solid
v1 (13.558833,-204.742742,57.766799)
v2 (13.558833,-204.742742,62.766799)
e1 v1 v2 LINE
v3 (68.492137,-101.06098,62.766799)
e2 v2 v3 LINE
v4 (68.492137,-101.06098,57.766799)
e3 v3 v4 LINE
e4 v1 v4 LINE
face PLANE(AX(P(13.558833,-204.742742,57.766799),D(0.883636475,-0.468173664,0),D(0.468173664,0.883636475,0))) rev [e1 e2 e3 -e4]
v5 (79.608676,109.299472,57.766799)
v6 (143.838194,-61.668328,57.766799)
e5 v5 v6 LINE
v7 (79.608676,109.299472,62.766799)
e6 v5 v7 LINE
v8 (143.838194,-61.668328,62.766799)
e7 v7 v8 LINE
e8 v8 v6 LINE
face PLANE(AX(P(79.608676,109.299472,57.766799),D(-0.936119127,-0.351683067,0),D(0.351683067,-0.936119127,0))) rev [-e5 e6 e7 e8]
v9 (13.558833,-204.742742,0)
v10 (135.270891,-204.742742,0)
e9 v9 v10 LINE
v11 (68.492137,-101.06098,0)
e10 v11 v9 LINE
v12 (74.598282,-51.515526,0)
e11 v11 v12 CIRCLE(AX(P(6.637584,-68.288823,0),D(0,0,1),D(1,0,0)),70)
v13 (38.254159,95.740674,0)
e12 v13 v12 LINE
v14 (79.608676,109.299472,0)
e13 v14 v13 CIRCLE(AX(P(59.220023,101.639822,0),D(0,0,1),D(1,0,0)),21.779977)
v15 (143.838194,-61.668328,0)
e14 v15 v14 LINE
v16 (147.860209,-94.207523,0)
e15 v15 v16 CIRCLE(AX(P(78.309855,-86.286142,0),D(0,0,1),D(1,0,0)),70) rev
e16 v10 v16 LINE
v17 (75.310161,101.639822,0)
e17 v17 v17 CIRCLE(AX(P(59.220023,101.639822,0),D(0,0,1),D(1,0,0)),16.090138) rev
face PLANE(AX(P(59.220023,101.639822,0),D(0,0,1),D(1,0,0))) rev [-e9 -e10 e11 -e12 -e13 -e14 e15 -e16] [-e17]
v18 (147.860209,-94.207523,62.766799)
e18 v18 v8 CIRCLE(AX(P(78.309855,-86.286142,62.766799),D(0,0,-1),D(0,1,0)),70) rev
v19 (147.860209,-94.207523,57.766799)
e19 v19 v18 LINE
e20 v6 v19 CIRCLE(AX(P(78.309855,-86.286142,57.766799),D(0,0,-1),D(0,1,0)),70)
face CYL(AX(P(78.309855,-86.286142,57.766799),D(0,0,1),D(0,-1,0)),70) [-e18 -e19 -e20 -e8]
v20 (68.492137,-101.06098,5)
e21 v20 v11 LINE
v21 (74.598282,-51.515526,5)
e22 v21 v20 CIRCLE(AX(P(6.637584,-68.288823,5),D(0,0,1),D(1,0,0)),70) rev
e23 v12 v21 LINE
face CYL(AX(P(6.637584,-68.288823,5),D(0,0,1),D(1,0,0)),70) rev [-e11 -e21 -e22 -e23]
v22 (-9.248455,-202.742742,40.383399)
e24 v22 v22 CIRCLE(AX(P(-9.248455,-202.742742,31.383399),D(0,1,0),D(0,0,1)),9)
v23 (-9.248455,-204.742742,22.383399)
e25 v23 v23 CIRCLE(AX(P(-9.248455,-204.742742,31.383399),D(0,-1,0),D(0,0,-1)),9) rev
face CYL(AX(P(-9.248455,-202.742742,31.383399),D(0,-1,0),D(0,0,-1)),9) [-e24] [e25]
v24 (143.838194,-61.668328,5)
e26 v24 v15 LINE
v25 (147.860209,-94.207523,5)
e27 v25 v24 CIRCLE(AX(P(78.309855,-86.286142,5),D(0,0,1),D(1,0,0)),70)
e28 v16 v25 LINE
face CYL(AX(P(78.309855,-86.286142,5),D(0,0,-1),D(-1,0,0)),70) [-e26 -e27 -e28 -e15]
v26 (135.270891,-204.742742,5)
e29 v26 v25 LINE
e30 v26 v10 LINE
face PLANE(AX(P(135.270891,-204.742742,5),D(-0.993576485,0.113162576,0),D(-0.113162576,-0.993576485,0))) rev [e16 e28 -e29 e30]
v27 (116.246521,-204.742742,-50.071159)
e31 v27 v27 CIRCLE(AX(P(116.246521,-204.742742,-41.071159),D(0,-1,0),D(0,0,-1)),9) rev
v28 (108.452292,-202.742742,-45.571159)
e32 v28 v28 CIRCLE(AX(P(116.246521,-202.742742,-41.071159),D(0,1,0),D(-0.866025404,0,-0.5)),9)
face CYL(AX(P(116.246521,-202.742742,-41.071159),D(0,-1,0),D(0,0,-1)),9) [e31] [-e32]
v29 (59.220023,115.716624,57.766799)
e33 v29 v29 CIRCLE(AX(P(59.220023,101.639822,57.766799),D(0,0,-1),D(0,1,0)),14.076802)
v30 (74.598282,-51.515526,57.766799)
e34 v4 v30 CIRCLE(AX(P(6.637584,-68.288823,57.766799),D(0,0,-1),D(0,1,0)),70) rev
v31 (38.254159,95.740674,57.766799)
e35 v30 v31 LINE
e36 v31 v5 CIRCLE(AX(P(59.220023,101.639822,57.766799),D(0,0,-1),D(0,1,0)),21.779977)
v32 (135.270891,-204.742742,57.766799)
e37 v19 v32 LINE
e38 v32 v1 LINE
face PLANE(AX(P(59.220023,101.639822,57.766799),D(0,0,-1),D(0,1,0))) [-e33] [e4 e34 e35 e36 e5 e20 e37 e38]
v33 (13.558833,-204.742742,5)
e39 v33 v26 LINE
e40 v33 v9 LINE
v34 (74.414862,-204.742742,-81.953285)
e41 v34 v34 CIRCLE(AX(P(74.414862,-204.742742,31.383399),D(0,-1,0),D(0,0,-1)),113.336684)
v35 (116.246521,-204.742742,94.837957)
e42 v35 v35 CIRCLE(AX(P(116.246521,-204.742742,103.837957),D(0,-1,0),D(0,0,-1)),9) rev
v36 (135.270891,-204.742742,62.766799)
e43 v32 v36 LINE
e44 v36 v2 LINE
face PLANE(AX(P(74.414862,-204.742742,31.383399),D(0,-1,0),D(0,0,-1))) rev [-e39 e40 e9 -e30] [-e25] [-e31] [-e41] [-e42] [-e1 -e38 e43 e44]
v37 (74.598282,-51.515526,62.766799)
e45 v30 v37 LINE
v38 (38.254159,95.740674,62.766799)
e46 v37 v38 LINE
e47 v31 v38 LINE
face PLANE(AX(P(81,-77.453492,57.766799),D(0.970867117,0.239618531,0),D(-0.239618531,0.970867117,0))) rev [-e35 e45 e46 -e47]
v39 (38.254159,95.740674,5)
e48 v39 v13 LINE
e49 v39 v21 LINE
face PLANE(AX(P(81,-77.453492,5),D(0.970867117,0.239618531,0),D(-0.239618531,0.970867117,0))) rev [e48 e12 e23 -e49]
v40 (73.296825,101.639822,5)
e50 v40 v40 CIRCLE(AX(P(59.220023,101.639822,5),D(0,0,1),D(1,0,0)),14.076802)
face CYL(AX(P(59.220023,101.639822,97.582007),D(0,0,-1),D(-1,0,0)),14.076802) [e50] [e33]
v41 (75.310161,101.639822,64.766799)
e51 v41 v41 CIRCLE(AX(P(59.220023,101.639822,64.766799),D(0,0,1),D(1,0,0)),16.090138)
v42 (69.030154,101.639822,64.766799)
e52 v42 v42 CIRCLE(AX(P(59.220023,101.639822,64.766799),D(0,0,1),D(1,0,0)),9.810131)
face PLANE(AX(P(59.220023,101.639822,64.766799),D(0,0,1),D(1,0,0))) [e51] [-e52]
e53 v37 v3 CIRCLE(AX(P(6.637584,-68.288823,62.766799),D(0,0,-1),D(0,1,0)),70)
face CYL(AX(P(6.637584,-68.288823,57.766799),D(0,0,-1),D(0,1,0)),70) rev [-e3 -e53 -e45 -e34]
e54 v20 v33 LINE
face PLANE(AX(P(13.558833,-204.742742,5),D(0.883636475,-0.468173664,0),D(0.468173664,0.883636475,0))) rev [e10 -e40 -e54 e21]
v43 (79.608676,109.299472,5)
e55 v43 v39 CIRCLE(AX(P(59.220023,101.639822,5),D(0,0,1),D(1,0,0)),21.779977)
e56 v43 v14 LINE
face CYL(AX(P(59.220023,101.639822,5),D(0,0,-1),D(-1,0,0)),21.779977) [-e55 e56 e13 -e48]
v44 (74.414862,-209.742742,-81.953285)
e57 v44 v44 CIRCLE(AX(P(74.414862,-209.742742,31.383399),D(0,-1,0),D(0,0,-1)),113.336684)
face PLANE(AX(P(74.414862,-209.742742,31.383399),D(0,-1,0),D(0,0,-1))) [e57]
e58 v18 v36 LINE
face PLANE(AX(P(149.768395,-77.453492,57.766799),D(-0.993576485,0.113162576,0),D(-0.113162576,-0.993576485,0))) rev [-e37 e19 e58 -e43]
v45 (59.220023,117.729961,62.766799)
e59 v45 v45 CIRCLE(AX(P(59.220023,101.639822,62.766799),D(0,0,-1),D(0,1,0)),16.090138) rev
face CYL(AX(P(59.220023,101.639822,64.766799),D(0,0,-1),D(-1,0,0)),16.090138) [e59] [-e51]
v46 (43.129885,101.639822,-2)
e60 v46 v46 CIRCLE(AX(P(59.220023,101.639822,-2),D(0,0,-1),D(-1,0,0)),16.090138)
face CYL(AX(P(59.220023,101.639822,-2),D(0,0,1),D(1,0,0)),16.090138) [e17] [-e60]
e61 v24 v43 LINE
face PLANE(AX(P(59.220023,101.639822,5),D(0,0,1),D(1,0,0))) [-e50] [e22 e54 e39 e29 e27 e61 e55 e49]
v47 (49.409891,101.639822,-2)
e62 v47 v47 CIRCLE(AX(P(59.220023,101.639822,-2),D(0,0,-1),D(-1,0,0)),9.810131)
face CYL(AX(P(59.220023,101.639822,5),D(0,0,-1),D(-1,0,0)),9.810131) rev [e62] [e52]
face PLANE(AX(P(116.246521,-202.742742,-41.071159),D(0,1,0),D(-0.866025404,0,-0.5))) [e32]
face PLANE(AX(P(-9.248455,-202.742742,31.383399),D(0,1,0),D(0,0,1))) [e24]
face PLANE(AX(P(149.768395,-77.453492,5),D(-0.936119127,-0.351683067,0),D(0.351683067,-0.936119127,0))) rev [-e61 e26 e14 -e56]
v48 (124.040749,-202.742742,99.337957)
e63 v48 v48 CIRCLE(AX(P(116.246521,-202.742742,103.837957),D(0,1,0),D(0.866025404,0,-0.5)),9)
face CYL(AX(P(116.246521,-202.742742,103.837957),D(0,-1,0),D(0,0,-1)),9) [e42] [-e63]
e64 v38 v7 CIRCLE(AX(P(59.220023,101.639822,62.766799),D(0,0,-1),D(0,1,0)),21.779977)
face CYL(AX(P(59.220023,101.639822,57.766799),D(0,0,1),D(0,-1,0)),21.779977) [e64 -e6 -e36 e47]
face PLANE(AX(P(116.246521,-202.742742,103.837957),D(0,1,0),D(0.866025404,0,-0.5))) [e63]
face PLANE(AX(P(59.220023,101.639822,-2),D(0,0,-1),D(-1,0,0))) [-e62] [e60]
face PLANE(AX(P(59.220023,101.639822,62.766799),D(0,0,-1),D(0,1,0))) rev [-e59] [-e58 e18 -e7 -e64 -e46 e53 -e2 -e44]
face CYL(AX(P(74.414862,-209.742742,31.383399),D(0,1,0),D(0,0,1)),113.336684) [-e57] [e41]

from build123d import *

# Parameters (mm, degrees)
SKETCH1_R           = 9.810131349
BOSS_EXTRUDE1_DEPTH = 5
BOSS_EXTRUDE2_DEPTH = 5
SKETCH3_R           = 9.810131349
CUT_EXTRUDE1_DEPTH  = 84
SKETCH4_R           = 14.076801766
SKETCH4_R_2         = 9.810131349
BOSS_EXTRUDE3_DEPTH = 52.766798881
SKETCH5_R           = 16.090138016
SKETCH5_R_2         = 9.810131349
BOSS_EXTRUDE4_DEPTH = 2
BOSS_EXTRUDE5_START = 2
SKETCH6_R           = 16.090138016
SKETCH6_R_2         = 9.810131349
BOSS_EXTRUDE5_DEPTH = 2
FILLET1_R           = 70
FILLET2_R           = 70
SKETCH7_R           = 113.336684476
BOSS_EXTRUDE6_DEPTH = 5
SKETCH8_R           = 9
BOSS_EXTRUDE7_DEPTH = 2
CIRPATTERN1_COUNT   = 3


with BuildPart() as part:
    # Sketch1 → Boss-Extrude1 (new body)
    with BuildSketch(Plane.XY):
        with BuildLine():
            Line((13.558833442, -204.742742467), (81, -77.453492295))
            Line((81, -77.453492295), (38.254158828, 95.740673586))
            ThreePointArc((38.254158828, 95.740673586), (52.434483395, 122.335809156), (79.608676046, 109.299471687))
            Line((79.608676046, 109.299471687), (149.768395279, -77.453492295))
            Line((149.768395279, -77.453492295), (135.270890905, -204.742742467))
            Line((135.270890905, -204.742742467), (13.558833442, -204.742742467))
        make_face()
        with Locations((59.220022764, 101.639822494)):
            Circle(SKETCH1_R, mode=Mode.SUBTRACT)
    extrude(amount=BOSS_EXTRUDE1_DEPTH)



with BuildPart() as body_2:
    # Sketch2 → Boss-Extrude2 (new body)
    with BuildSketch(Plane(origin=(0, 0, 62.766798881), x_dir=(-1, 0, 0), z_dir=(0, 0, -1))):
        with BuildLine():
            Line((-135.270890905, -204.742742467), (-13.558833442, -204.742742467))
            Line((-13.558833442, -204.742742467), (-81, -77.453492295))
            Line((-81, -77.453492295), (-38.254158828, 95.740673586))
            ThreePointArc((-38.254158828, 95.740673586), (-52.434483395, 122.335809156), (-79.608676046, 109.299471687))
            Line((-79.608676046, 109.299471687), (-149.768395279, -77.453492295))
            Line((-149.768395279, -77.453492295), (-135.270890905, -204.742742467))
        make_face()
    extrude(amount=BOSS_EXTRUDE2_DEPTH)

    # Sketch3 → Cut-Extrude1 (cut)
    with BuildSketch(Plane.XY.offset(5)):
        with Locations((59.220022764, 101.639822494)):
            Circle(SKETCH3_R)
    extrude(amount=CUT_EXTRUDE1_DEPTH, mode=Mode.SUBTRACT)


with BuildPart() as part_1:
    add(part.part)

    add(body_2.part)  # Boss-Extrude3 merges body 2
    # Sketch4 → Boss-Extrude3 (add)
    with BuildSketch(Plane.XY.offset(5)):
        with Locations(Location((59.220022764, 101.639822494, 0), (0, 0, 90))):
            Circle(SKETCH4_R)
        with Locations(Location((59.220022764, 101.639822494, 0), (0, 0, 90))):
            Circle(SKETCH4_R_2, mode=Mode.SUBTRACT)
    extrude(amount=BOSS_EXTRUDE3_DEPTH)

    # Sketch5 → Boss-Extrude4 (add)
    with BuildSketch(Plane.XY.offset(62.766798881)):
        with Locations(Location((59.220022764, 101.639822494, 0), (0, 0, 90))):
            Circle(SKETCH5_R)
        with Locations((59.220022764, 101.639822494)):
            Circle(SKETCH5_R_2, mode=Mode.SUBTRACT)
    extrude(amount=BOSS_EXTRUDE4_DEPTH)

    # Sketch6 → Boss-Extrude5 (add)
    with BuildSketch(Plane(origin=(0, 0, 0), x_dir=(-1, 0, 0), z_dir=(0, 0, -1)).offset(BOSS_EXTRUDE5_START)):
        with Locations(Location((-59.220022764, 101.639822494, 0), (0, 0, 90))):
            Circle(SKETCH6_R)
        with Locations((-59.220022764, 101.639822494)):
            Circle(SKETCH6_R_2, mode=Mode.SUBTRACT)
    extrude(amount=-BOSS_EXTRUDE5_DEPTH)

    # Fillet1
    fillet1_edges = [part_1.edges().sort_by_distance(p)[0] for p in [
        (81, -77.453492295, 2.5),
        (81, -77.453492295, 60.266798881),
    ]]
    fillet(fillet1_edges, radius=FILLET1_R)

    # Fillet2
    fillet2_edges = [part_1.edges().sort_by_distance(p)[0] for p in [
        (149.768395279, -77.453492295, 2.5),
        (149.768395279, -77.453492295, 60.266798881),
    ]]
    fillet(fillet2_edges, radius=FILLET2_R)

    # Sketch7 → Boss-Extrude6 (add)
    with BuildSketch(Plane(origin=(0, -204.742742467, 0), x_dir=(-1, 0, 0), z_dir=(0, -1, 0))):
        with Locations(Location((-74.414862174, -31.38339944, 0), (0, 0, 90))):
            Circle(SKETCH7_R)
    extrude(amount=BOSS_EXTRUDE6_DEPTH)

    # Sketch8 → Boss-Extrude7 (add)
    with BuildSketch(Plane(origin=(0, -204.742742467, 0), x_dir=(1, 0, 0), z_dir=(0, 1, 0))):
        with Locations(Location((-9.24845496, -31.38339944, 0), (0, 0, 90))):
            Circle(SKETCH8_R)
    boss_extrude7 = extrude(amount=BOSS_EXTRUDE7_DEPTH)

    # CirPattern1: Boss-Extrude7 ×3 about axis
    cirpattern1_axis = Axis((74.414862174, 0, 31.38339944), (0, 1, 0))
    for i in range(1, CIRPATTERN1_COUNT):
        add(boss_extrude7.rotate(cirpattern1_axis, i * 360 / CIRPATTERN1_COUNT))


solid = part_1.part
